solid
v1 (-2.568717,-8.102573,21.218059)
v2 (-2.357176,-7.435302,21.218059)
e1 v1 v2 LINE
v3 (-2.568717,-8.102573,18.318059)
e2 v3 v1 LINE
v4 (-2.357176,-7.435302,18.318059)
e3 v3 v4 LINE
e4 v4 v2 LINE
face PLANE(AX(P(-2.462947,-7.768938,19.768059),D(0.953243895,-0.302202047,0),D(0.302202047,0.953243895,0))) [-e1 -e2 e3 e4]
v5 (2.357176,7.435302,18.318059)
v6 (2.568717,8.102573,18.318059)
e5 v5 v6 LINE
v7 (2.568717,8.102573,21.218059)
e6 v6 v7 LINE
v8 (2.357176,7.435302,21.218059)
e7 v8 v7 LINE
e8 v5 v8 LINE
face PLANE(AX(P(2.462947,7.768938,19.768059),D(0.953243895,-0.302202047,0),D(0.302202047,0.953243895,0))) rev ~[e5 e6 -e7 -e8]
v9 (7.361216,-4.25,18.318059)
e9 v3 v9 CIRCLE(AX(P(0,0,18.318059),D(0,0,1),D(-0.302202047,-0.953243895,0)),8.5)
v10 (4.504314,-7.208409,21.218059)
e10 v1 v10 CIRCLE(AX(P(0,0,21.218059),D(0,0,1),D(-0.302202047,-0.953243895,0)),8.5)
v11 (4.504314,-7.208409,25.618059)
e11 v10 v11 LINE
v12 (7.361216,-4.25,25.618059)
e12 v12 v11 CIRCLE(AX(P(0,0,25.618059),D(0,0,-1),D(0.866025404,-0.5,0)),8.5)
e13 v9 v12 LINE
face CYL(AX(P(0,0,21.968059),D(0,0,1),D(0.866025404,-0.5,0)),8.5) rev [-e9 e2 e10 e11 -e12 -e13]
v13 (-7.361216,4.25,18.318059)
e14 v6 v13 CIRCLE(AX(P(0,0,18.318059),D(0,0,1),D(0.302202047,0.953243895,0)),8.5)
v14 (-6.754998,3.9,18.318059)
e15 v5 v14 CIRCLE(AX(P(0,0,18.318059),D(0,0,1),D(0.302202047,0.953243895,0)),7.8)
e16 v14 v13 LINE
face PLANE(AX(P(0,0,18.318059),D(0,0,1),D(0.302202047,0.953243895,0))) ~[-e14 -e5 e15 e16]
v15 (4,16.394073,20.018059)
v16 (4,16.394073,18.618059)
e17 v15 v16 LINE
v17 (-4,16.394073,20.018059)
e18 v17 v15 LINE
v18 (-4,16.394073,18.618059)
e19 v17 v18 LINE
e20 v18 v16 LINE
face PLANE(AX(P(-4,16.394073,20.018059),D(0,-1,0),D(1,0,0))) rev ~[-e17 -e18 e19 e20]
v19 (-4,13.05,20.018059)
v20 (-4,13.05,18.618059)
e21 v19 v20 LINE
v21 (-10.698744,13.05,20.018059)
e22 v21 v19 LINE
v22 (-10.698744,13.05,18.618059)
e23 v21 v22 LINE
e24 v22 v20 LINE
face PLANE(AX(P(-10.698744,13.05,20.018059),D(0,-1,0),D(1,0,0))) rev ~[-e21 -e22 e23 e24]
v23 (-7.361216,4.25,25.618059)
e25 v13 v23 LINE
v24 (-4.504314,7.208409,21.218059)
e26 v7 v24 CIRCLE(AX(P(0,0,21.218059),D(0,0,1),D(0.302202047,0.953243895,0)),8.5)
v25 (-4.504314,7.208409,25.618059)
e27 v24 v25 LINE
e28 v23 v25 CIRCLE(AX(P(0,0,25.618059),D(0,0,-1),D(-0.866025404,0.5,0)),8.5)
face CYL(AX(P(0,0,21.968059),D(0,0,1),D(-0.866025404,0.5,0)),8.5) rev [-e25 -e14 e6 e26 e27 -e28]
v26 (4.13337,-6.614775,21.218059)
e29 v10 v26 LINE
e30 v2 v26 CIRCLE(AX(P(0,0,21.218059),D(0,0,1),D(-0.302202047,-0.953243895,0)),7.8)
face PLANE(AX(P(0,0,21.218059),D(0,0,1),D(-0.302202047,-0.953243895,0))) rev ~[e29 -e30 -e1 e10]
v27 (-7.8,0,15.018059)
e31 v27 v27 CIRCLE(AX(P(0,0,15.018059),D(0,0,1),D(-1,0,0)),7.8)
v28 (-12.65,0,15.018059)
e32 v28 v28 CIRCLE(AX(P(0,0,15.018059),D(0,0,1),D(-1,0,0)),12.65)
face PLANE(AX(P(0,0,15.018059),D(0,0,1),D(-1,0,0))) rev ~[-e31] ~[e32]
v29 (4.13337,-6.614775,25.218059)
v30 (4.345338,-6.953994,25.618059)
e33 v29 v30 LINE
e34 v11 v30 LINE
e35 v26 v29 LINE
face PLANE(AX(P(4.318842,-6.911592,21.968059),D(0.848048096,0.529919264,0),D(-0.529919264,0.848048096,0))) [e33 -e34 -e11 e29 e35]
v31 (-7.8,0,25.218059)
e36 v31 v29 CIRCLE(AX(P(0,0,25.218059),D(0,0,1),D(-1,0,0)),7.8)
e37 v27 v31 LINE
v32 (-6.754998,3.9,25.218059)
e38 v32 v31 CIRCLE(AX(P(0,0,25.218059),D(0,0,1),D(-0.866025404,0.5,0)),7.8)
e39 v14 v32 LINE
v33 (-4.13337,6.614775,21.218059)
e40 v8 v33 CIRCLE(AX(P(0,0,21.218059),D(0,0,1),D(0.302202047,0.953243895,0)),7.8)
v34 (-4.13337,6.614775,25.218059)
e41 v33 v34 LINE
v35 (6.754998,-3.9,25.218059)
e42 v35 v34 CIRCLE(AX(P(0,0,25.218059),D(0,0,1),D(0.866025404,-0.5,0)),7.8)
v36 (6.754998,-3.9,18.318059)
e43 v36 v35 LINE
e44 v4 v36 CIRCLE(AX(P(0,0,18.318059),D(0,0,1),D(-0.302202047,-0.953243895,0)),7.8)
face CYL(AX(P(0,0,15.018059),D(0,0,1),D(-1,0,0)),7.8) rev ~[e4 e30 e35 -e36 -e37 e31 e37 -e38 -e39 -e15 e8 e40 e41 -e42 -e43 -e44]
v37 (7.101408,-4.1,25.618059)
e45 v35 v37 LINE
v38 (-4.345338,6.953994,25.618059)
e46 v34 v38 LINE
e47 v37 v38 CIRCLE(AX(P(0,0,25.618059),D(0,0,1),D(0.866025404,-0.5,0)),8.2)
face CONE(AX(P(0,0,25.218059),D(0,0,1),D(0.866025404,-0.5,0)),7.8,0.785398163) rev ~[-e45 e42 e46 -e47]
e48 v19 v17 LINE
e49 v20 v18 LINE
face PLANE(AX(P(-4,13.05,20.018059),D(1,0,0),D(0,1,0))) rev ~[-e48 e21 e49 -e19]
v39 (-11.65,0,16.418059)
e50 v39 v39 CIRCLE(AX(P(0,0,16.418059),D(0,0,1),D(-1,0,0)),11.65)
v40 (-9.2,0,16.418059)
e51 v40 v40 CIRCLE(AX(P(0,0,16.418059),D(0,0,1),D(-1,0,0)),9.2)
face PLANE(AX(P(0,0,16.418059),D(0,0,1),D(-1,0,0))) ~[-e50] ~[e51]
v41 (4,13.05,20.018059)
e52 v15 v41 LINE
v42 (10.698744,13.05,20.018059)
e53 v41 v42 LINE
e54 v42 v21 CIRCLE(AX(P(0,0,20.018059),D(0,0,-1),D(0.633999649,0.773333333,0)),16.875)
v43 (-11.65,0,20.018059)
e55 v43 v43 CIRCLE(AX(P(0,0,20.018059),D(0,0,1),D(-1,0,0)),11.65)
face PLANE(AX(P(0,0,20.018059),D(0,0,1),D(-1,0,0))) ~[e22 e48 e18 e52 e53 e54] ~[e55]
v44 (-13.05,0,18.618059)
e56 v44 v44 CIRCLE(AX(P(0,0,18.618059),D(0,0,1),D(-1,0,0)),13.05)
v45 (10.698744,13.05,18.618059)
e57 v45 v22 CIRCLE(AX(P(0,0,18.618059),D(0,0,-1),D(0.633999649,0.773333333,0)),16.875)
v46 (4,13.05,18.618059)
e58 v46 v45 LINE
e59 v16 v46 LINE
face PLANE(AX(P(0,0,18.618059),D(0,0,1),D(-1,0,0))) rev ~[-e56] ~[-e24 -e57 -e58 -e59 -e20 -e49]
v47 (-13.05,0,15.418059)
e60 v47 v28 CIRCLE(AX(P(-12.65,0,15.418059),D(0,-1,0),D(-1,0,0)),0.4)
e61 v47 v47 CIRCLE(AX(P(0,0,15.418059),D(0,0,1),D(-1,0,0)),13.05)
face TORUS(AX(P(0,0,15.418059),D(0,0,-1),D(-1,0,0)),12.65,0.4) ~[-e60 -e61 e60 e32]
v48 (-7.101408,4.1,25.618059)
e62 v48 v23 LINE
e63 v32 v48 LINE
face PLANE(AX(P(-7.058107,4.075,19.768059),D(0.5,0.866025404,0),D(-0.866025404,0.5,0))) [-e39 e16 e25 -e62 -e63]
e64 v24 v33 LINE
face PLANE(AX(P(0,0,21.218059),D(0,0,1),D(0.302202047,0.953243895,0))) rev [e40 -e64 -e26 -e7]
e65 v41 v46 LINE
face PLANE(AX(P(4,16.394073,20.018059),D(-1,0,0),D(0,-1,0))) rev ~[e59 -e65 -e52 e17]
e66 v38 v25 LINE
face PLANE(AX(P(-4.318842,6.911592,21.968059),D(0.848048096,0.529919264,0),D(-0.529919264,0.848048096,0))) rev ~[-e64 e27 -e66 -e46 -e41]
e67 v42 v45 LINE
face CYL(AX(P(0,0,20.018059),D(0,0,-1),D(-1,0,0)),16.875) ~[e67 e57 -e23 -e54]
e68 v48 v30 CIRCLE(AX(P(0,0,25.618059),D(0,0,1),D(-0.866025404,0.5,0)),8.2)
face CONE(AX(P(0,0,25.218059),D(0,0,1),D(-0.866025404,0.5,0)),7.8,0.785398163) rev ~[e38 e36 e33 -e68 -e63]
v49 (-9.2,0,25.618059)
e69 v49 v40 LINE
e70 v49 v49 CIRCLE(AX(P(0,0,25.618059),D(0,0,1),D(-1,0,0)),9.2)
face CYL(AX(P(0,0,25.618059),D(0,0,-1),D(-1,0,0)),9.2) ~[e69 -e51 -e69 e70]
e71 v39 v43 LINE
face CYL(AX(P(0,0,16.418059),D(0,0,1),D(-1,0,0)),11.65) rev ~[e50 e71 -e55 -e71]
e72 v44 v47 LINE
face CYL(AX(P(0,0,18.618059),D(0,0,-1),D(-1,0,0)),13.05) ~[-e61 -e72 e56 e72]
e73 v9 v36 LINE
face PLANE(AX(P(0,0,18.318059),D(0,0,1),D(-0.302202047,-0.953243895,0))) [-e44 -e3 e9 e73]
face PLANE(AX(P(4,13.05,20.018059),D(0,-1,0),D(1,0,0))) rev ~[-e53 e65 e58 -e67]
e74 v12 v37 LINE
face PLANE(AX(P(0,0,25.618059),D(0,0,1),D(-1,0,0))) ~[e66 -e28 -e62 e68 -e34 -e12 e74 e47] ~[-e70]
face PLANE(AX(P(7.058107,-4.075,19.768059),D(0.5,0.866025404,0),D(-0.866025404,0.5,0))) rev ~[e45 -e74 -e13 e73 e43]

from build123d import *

# Parameters (mm, degrees)
F3_DEPTH       = 5.001
F4_W           = 0.7
F4_H           = 2.9
F5_ANGLE_BACK  = 17.589911292
F5_ANGLE       = 77.589911292
F6_W           = 0.7
F6_H           = 7.3
F7_ANGLE_START = 300
F7_ANGLE       = 28
F8_SIZE        = 0.4
F9_R           = 0.4


with BuildPart() as f1:
    # F0 (on Front) → F1 (revolve)
    with BuildSketch(Plane.XZ):
        Polygon((-13.05, 15.0180591579), (-7.8, 15.0180591579), (-7.8, 25.6180591579), (-9.2, 25.6180591579), (-9.2, 16.4180591579), (-11.65, 16.4180591579), (-11.65, 20.0180591579), (-16.875, 20.0180591579), (-16.875, 18.6180591579), (-13.05, 18.6180591579), align=None)
    revolve(axis=Axis((0, 0, 52.8953172941), (0, 0, 1)))

    # F2 (on face) → F3 (cut, through all)
    with BuildSketch(Plane.XY.offset(20.0180591579)):
        with BuildLine():
            Line((-4, 13.05), (-4, 16.3940728619))
            ThreePointArc((-4, 16.3940728619), (-7.5371728948, 15.0982333322), (-10.6987440852, 13.05))
            Line((-10.6987440852, 13.05), (-4, 13.05))
        make_face()
        with BuildLine():
            ThreePointArc((10.6987440852, 13.05), (7.5371728948, 15.0982333322), (4, 16.3940728619))
            Line((4, 16.3940728619), (4, 13.05))
            Line((4, 13.05), (10.6987440852, 13.05))
        make_face()
        with BuildLine():
            ThreePointArc((4, 16.3940728619), (0, 16.875), (-4, 16.3940728619))
            Line((-4, 16.3940728619), (4, 16.3940728619))
        make_face()
    extrude(amount=-F3_DEPTH, mode=Mode.SUBTRACT)

    # F4 (on Right) → F5 (revolve, cut)
    with BuildSketch(Plane.YZ, mode=Mode.PRIVATE) as f5_sk:
        with Locations((8.15, 19.7680591579)):
            Rectangle(F4_W, F4_H)
        with Locations((-8.15, 19.7680591579)):
            Rectangle(F4_W, F4_H)
    revolve(f5_sk.sketch.rotate(Axis((0, 0, 20.0180591579), (0, 0, 1)), -F5_ANGLE_BACK), axis=Axis((0, 0, 20.0180591579), (0, 0, 1)), revolution_arc=F5_ANGLE, mode=Mode.SUBTRACT)

    # F6 (on Right) → F7 (revolve, cut)
    with BuildSketch(Plane.YZ, mode=Mode.PRIVATE) as f7_sk:
        with Locations((8.15, 21.9680591579)):
            Rectangle(F6_W, F6_H)
        with Locations((-8.15, 21.9680591579)):
            Rectangle(F6_W, F6_H)
    revolve(f7_sk.sketch.rotate(Axis((0, 0, 15.0180591579), (0, 0, -1)), F7_ANGLE_START), axis=Axis((0, 0, 15.0180591579), (0, 0, -1)), revolution_arc=F7_ANGLE, mode=Mode.SUBTRACT)

    # F8
    f8_edges = [f1.edges().sort_by_distance(p)[0] for p in [
        (5.418335, 5.61085, 25.618059),
        (-7.534221, 2.018789, 25.618059),
    ]]
    chamfer(f8_edges, length=F8_SIZE)

    # F9
    f9_edges = [f1.edges().sort_by_distance(p)[0] for p in [
        (13.05, 0, 15.018059),
    ]]
    fillet(f9_edges, radius=F9_R)


solid = f1.part
